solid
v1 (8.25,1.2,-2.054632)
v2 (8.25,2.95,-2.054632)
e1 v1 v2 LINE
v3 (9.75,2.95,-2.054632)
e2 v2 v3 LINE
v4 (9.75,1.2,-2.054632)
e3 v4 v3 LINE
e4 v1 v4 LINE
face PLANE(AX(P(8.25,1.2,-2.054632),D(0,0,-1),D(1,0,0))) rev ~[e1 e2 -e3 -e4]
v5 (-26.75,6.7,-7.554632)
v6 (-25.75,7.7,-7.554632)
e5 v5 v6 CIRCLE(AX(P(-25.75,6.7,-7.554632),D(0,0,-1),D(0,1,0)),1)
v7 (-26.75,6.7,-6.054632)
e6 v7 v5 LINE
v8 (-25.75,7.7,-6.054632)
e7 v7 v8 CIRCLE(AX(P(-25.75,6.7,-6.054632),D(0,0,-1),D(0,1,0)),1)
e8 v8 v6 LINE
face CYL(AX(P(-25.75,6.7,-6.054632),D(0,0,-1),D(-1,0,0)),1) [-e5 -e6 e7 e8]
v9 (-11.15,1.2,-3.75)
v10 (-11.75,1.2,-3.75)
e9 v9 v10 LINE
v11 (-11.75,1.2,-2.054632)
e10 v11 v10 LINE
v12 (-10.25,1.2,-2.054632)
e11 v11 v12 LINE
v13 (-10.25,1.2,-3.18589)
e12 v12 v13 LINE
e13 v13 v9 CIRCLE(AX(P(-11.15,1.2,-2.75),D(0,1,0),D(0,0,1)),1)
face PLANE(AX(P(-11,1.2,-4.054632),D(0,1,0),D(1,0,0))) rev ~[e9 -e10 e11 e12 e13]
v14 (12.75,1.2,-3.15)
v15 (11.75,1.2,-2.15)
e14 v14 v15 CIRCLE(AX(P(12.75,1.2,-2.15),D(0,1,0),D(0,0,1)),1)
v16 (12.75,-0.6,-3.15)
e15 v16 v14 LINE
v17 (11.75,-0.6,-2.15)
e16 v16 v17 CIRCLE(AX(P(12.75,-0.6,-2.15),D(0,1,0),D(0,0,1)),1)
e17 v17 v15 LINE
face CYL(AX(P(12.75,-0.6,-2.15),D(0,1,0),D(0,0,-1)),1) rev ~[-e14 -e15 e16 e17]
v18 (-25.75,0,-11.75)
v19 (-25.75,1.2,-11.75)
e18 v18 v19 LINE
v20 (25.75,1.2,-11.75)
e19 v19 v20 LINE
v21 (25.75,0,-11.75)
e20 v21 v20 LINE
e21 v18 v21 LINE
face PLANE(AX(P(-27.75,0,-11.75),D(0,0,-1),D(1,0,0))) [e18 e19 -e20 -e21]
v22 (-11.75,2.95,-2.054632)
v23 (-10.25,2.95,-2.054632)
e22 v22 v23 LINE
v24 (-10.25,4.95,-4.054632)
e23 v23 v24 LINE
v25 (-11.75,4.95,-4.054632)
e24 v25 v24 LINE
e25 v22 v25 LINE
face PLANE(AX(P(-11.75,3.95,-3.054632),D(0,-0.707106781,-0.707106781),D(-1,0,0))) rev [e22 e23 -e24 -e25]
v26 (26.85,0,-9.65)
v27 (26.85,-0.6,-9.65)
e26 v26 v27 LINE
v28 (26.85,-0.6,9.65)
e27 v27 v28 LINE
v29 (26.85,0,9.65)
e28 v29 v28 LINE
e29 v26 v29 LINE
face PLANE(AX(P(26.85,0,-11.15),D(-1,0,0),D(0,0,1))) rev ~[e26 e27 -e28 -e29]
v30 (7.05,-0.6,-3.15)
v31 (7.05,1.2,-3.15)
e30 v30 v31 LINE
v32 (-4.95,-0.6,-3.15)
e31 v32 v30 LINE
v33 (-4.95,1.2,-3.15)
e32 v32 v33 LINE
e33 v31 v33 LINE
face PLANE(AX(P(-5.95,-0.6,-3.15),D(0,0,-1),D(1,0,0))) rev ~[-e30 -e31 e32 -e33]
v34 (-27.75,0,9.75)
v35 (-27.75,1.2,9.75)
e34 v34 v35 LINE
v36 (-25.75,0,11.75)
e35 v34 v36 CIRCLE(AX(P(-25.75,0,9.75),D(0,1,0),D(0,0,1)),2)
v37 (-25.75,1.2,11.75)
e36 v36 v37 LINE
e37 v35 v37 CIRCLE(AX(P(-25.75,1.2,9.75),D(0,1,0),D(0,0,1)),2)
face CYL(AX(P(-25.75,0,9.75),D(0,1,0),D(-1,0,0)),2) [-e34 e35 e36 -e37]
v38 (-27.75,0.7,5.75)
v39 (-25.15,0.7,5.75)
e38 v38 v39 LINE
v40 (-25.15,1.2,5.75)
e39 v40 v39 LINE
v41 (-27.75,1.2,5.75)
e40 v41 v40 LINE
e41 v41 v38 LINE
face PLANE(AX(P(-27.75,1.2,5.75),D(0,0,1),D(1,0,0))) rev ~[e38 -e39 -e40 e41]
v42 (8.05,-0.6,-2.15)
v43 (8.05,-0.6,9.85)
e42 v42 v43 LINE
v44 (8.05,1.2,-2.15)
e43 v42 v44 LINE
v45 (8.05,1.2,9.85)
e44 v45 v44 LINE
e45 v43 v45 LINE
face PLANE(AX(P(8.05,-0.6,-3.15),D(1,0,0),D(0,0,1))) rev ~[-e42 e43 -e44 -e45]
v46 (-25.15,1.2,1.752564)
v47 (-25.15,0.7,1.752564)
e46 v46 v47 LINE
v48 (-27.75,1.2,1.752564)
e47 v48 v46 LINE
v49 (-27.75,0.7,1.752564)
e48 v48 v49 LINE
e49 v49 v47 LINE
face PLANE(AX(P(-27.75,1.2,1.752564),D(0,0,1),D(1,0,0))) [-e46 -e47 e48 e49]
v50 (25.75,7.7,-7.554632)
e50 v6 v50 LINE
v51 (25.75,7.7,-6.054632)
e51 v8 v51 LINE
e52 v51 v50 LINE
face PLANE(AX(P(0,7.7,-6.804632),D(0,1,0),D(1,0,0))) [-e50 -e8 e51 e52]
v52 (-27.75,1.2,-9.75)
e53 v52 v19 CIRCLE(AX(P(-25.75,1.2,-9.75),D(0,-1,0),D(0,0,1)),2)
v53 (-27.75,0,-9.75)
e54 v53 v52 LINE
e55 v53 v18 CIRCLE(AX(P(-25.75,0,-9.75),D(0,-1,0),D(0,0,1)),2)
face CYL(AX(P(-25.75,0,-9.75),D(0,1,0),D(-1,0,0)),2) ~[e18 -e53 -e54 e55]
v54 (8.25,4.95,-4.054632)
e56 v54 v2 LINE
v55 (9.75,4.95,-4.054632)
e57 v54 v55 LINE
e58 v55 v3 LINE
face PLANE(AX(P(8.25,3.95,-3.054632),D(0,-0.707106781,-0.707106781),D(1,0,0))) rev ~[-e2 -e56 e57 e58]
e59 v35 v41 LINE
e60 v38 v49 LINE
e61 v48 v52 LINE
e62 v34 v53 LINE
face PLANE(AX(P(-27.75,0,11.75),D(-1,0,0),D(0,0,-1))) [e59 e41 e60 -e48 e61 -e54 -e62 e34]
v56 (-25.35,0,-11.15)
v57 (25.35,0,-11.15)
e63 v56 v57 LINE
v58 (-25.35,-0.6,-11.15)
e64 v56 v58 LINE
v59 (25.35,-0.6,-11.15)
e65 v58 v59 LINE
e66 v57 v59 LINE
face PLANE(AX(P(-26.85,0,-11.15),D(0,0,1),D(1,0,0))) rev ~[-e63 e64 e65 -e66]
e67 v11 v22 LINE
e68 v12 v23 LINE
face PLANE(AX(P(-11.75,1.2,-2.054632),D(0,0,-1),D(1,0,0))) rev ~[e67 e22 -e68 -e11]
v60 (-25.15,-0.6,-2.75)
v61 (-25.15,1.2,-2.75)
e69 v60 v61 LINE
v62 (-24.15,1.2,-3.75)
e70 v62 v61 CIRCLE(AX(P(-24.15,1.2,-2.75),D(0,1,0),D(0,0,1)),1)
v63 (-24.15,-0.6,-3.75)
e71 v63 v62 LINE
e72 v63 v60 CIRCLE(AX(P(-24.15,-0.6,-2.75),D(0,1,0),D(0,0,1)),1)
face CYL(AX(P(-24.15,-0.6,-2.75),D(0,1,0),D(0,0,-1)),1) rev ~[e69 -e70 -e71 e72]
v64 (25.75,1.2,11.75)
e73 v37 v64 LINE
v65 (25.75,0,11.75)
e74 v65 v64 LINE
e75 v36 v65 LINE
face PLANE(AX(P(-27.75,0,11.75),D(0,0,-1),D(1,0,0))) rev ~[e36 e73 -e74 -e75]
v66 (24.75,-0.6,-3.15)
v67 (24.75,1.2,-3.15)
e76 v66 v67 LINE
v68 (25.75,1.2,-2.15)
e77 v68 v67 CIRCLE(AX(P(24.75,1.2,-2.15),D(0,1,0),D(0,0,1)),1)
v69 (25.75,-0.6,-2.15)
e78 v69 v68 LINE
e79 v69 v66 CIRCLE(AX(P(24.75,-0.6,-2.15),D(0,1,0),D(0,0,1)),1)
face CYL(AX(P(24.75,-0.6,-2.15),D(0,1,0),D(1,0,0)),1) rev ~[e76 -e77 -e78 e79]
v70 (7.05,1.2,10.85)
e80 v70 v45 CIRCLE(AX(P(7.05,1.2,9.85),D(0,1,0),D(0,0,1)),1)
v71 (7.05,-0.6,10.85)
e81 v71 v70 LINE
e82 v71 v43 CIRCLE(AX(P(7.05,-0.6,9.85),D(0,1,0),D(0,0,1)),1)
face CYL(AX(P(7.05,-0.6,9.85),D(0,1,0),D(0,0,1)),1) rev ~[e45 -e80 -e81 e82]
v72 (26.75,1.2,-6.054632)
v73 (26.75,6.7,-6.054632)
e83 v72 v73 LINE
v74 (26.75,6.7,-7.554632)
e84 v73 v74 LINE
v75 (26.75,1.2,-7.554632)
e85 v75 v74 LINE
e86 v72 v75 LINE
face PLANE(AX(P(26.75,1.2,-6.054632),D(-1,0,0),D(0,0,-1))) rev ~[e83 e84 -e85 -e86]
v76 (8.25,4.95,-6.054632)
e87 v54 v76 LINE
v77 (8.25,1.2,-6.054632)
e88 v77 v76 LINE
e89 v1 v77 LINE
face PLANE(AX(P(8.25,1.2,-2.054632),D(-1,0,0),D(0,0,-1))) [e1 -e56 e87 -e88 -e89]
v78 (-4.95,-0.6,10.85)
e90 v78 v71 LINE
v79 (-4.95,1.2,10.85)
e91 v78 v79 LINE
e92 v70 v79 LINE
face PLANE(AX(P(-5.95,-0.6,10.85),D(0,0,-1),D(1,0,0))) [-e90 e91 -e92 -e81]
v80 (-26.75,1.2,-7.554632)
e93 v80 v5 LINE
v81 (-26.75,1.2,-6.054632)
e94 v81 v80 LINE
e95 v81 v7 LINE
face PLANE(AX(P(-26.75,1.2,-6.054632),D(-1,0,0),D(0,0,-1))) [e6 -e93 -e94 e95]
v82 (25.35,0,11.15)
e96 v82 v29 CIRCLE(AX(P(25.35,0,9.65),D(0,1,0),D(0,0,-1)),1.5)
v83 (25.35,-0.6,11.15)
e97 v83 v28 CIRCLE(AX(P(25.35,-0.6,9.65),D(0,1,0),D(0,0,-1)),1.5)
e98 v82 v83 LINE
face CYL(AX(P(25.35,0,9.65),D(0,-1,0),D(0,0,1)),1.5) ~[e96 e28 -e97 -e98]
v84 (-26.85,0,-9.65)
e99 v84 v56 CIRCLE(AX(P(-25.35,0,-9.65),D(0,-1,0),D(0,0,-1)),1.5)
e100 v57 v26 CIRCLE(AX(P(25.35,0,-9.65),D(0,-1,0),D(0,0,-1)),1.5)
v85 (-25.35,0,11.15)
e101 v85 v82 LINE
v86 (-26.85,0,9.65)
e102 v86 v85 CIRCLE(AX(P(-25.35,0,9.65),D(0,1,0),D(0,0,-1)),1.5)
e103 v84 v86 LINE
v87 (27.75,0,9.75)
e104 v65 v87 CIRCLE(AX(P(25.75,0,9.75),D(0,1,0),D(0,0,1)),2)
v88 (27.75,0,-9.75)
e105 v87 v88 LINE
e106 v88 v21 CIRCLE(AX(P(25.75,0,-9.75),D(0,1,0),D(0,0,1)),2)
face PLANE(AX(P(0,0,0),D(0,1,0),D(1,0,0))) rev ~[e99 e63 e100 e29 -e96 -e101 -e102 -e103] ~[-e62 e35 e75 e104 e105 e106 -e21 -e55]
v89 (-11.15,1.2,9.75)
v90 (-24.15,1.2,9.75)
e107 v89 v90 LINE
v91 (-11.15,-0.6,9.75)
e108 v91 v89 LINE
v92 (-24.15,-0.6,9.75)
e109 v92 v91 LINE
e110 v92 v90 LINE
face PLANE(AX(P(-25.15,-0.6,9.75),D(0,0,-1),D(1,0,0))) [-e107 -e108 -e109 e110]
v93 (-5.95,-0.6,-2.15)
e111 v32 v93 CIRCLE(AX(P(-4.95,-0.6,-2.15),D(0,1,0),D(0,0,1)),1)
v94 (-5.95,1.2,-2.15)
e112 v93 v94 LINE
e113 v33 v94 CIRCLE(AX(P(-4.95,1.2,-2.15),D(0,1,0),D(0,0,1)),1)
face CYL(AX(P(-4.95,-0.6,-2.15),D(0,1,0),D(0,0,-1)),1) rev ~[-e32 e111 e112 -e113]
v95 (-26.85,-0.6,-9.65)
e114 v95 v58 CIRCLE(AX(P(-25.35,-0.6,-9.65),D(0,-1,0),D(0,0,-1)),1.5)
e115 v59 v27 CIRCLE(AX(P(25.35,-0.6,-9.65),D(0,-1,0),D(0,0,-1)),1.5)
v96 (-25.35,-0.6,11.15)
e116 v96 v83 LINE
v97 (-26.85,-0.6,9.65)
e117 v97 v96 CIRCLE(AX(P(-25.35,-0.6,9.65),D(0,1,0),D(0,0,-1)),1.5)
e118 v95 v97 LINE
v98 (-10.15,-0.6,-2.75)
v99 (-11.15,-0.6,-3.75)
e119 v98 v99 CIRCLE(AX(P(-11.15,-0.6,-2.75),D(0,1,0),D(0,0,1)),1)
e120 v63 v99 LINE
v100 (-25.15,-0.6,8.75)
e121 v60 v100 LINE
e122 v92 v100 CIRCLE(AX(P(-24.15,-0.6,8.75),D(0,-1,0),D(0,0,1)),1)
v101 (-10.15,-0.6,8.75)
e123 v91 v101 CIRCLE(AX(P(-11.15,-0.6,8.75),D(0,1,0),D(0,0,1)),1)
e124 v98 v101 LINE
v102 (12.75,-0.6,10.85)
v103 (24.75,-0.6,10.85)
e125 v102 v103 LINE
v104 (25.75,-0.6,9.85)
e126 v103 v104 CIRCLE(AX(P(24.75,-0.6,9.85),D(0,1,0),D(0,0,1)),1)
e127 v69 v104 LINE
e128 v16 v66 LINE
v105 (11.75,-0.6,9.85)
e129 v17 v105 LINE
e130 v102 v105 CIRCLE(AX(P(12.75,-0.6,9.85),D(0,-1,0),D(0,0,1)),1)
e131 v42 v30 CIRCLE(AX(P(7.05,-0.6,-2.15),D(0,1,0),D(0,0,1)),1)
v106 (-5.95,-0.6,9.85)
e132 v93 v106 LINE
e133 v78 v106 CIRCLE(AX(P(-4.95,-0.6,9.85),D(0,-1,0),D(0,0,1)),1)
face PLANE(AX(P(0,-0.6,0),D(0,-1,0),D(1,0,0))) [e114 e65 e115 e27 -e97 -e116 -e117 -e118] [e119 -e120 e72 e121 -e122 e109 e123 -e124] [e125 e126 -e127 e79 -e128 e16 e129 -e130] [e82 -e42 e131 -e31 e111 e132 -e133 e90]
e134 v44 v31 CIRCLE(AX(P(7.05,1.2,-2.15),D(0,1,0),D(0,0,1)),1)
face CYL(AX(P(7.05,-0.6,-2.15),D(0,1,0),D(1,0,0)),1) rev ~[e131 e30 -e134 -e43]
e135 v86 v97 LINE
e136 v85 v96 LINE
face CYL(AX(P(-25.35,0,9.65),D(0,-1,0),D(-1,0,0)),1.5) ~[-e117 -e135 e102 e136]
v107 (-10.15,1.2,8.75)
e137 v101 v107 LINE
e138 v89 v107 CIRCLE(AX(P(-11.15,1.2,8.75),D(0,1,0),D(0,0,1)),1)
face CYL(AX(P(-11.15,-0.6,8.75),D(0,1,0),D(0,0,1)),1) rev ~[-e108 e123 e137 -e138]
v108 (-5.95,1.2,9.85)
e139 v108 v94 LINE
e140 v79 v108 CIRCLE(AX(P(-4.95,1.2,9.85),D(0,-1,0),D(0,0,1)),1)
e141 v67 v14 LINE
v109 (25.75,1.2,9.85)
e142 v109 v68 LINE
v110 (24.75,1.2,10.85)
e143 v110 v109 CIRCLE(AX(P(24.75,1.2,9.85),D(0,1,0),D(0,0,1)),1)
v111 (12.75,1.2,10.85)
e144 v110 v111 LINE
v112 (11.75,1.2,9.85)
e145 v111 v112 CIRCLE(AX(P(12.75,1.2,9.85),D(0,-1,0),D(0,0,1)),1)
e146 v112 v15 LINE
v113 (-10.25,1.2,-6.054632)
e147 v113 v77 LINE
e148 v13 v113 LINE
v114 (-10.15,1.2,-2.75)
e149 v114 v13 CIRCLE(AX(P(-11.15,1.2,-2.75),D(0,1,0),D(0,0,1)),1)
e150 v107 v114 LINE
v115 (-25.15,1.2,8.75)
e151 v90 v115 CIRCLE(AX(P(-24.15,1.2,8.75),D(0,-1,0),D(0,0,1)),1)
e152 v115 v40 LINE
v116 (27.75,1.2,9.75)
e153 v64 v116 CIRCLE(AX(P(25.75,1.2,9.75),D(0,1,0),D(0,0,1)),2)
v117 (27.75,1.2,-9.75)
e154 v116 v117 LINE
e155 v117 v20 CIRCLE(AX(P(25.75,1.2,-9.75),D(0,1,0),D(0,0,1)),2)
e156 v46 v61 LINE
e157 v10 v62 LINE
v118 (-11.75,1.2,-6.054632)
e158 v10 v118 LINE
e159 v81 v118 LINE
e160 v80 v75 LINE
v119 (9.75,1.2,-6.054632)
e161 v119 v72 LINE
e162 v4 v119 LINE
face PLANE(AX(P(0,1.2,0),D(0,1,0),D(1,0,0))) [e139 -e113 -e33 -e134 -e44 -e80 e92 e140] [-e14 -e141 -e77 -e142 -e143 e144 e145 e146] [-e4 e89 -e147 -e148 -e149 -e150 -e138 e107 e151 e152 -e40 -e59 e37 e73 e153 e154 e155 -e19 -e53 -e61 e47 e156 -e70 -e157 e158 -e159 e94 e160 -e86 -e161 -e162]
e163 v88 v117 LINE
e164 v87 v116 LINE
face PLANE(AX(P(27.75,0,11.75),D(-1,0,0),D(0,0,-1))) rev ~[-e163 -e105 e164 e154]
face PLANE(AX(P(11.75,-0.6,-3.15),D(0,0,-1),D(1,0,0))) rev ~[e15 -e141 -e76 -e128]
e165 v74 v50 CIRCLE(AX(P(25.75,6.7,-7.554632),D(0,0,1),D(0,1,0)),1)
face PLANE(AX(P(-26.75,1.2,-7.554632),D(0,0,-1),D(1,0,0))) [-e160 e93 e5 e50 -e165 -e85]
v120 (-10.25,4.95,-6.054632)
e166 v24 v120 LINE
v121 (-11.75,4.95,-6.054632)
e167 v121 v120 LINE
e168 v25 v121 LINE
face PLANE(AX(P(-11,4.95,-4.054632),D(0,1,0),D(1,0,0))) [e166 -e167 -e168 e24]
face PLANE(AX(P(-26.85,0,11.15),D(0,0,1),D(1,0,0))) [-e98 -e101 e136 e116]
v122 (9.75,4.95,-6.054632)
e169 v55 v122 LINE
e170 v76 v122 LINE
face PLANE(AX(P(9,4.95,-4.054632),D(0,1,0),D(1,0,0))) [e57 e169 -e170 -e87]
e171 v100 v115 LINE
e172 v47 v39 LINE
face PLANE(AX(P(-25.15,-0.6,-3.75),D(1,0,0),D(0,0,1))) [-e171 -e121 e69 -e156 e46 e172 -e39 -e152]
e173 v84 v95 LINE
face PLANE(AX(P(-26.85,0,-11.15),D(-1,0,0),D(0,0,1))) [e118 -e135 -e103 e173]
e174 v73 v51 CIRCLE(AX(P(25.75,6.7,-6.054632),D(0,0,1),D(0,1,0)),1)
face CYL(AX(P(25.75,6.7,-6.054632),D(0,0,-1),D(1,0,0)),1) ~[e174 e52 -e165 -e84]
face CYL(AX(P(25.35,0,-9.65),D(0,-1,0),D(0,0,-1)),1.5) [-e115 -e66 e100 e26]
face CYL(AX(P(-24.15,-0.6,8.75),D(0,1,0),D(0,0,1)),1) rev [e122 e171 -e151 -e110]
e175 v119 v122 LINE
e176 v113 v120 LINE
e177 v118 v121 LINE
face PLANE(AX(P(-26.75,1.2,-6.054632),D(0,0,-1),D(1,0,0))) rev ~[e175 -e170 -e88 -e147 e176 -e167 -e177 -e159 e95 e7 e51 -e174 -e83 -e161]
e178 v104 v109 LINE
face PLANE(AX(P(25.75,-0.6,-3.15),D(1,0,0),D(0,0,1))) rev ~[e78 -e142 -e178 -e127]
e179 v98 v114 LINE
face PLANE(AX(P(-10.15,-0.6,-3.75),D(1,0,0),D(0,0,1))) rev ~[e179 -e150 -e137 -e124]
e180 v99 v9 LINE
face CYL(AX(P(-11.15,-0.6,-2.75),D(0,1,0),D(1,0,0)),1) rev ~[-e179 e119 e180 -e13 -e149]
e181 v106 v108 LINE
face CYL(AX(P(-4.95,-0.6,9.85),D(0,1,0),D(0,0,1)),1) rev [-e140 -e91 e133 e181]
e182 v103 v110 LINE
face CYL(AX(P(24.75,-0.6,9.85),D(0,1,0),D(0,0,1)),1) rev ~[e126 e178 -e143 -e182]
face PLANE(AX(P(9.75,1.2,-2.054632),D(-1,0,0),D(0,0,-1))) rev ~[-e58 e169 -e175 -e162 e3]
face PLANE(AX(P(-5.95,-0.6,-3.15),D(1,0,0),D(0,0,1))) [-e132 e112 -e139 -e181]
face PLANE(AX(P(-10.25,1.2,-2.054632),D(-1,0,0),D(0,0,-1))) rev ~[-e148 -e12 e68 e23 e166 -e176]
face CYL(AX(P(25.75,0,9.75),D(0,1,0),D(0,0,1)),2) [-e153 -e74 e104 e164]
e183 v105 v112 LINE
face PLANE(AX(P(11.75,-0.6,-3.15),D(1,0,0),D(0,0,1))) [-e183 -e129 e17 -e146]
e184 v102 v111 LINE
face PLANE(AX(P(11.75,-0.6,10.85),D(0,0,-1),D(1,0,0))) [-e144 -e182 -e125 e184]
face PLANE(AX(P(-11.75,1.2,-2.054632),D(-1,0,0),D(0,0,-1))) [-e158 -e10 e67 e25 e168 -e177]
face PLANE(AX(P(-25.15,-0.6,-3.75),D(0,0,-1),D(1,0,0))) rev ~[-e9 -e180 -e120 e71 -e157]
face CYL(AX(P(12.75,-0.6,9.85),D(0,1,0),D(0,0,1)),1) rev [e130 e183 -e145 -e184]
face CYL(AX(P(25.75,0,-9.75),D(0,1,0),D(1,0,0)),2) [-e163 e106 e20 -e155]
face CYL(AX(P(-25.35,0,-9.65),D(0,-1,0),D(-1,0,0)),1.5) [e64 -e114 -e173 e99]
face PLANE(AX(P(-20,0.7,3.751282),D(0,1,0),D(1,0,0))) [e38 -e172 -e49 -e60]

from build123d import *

# Parameters (mm, degrees)
SKETCH_1_W          = 55.5
SKETCH_1_H          = 23.5
EXTRUDE_1_DEPTH     = 1.2
FILLET_1_R          = 2
SKETCH_2_W          = 53.7
SKETCH_2_H          = 22.3
EXTRUDE_2_DEPTH     = 0.6
SKETCH_3_W          = 15
SKETCH_3_H          = 13.5
SKETCH_3_W_2        = 14
SKETCH_3_H_2        = 14
CUT_EXTRUDE_1_DEPTH = 3
FILLET_2_R          = 1
SKETCH_4_W          = 15.5
SKETCH_4_H          = 3.997435945
CUT_EXTRUDE_2_DEPTH = 0.5
SKETCH_5_W          = 53.5
SKETCH_5_H          = 1.5
EXTRUDE_3_DEPTH     = 6.5
FILLET_3_R          = 1
SKETCH_6_W          = 1.5
SKETCH_6_H          = 4
EXTRUDE_4_DEPTH     = 3.75
CHAMFER_1_SIZE      = 2
FILLET_4_R          = 1.5


with BuildPart() as part:
    # 草图1 → 凸台-拉伸1 (new body)
    with BuildSketch(Plane(origin=(0, 0, 0), x_dir=(1, 0, 0), z_dir=(0, 1, 0))):
        Rectangle(SKETCH_1_W, SKETCH_1_H)
    extrude(amount=EXTRUDE_1_DEPTH)

    # 圆角1
    fillet_1_edges = [part.edges().sort_by_distance(p)[0] for p in [
        (27.75, 0.6, 11.75),
        (-27.75, 0.6, 11.75),
        (-27.75, 0.6, -11.75),
        (27.75, 0.6, -11.75),
    ]]
    fillet(fillet_1_edges, radius=FILLET_1_R)

    # 草图2 → 凸台-拉伸2 (add)
    with BuildSketch(Plane.XZ):
        Rectangle(SKETCH_2_W, SKETCH_2_H)
    extrude(amount=EXTRUDE_2_DEPTH)

    # 草图3 → 切除-拉伸1 (cut)
    with BuildSketch(Plane.XZ.offset(0.6)):
        with Locations((-17.65, 3)):
            Rectangle(SKETCH_3_W, SKETCH_3_H)
        with Locations((1.05, 3.85)):
            Rectangle(SKETCH_3_W_2, SKETCH_3_H_2)
        with Locations((18.75, 3.85)):
            Rectangle(SKETCH_3_W_2, SKETCH_3_H_2)
    extrude(amount=-CUT_EXTRUDE_1_DEPTH, mode=Mode.SUBTRACT)

    # 圆角2
    fillet_2_edges = [part.edges().sort_by_distance(p)[0] for p in [
        (-25.15, 0.3, -3.75),
        (-25.15, 0.3, 9.75),
        (-10.15, 0.3, 9.75),
        (-10.15, 0.3, -3.75),
        (-5.95, 0.3, -3.15),
        (-5.95, 0.3, 10.85),
        (8.05, 0.3, 10.85),
        (8.05, 0.3, -3.15),
        (11.75, 0.3, -3.15),
        (11.75, 0.3, 10.85),
        (25.75, 0.3, 10.85),
        (25.75, 0.3, -3.15),
    ]]
    fillet(fillet_2_edges, radius=FILLET_2_R)

    # 草图4 → 切除-拉伸2 (cut)
    with BuildSketch(Plane(origin=(0, 1.2, 0), x_dir=(1, 0, 0), z_dir=(0, 1, 0))):
        with Locations((-20, -3.751282028)):
            Rectangle(SKETCH_4_W, SKETCH_4_H)
    extrude(amount=-CUT_EXTRUDE_2_DEPTH, mode=Mode.SUBTRACT)

    # 草图5 → 凸台-拉伸3 (add)
    with BuildSketch(Plane(origin=(0, 1.2, 0), x_dir=(1, 0, 0), z_dir=(0, 1, 0))):
        with Locations((0, 6.804632487)):
            Rectangle(SKETCH_5_W, SKETCH_5_H)
    extrude(amount=EXTRUDE_3_DEPTH)

    # 圆角3
    fillet_3_edges = [part.edges().sort_by_distance(p)[0] for p in [
        (26.75, 7.7, -6.804632487),
        (-26.75, 7.7, -6.804632487),
    ]]
    fillet(fillet_3_edges, radius=FILLET_3_R)

    # 草图6 → 凸台-拉伸4 (add)
    with BuildSketch(Plane(origin=(0, 1.2, 0), x_dir=(1, 0, 0), z_dir=(0, 1, 0))):
        with Locations((9, 4.054632487)):
            Rectangle(SKETCH_6_W, SKETCH_6_H)
        with Locations((-11, 4.054632487)):
            Rectangle(SKETCH_6_W, SKETCH_6_H)
    extrude(amount=EXTRUDE_4_DEPTH)

    # 倒角1
    chamfer_1_edges = [part.edges().sort_by_distance(p)[0] for p in [
        (9, 4.95, -2.054632487),
        (-11, 4.95, -2.054632487),
    ]]
    chamfer(chamfer_1_edges, length=CHAMFER_1_SIZE)

    # 圆角4
    fillet_4_edges = [part.edges().sort_by_distance(p)[0] for p in [
        (-26.85, -0.3, 11.15),
        (-26.85, -0.3, -11.15),
        (26.85, -0.3, -11.15),
        (26.85, -0.3, 11.15),
    ]]
    fillet(fillet_4_edges, radius=FILLET_4_R)


solid = part.part
